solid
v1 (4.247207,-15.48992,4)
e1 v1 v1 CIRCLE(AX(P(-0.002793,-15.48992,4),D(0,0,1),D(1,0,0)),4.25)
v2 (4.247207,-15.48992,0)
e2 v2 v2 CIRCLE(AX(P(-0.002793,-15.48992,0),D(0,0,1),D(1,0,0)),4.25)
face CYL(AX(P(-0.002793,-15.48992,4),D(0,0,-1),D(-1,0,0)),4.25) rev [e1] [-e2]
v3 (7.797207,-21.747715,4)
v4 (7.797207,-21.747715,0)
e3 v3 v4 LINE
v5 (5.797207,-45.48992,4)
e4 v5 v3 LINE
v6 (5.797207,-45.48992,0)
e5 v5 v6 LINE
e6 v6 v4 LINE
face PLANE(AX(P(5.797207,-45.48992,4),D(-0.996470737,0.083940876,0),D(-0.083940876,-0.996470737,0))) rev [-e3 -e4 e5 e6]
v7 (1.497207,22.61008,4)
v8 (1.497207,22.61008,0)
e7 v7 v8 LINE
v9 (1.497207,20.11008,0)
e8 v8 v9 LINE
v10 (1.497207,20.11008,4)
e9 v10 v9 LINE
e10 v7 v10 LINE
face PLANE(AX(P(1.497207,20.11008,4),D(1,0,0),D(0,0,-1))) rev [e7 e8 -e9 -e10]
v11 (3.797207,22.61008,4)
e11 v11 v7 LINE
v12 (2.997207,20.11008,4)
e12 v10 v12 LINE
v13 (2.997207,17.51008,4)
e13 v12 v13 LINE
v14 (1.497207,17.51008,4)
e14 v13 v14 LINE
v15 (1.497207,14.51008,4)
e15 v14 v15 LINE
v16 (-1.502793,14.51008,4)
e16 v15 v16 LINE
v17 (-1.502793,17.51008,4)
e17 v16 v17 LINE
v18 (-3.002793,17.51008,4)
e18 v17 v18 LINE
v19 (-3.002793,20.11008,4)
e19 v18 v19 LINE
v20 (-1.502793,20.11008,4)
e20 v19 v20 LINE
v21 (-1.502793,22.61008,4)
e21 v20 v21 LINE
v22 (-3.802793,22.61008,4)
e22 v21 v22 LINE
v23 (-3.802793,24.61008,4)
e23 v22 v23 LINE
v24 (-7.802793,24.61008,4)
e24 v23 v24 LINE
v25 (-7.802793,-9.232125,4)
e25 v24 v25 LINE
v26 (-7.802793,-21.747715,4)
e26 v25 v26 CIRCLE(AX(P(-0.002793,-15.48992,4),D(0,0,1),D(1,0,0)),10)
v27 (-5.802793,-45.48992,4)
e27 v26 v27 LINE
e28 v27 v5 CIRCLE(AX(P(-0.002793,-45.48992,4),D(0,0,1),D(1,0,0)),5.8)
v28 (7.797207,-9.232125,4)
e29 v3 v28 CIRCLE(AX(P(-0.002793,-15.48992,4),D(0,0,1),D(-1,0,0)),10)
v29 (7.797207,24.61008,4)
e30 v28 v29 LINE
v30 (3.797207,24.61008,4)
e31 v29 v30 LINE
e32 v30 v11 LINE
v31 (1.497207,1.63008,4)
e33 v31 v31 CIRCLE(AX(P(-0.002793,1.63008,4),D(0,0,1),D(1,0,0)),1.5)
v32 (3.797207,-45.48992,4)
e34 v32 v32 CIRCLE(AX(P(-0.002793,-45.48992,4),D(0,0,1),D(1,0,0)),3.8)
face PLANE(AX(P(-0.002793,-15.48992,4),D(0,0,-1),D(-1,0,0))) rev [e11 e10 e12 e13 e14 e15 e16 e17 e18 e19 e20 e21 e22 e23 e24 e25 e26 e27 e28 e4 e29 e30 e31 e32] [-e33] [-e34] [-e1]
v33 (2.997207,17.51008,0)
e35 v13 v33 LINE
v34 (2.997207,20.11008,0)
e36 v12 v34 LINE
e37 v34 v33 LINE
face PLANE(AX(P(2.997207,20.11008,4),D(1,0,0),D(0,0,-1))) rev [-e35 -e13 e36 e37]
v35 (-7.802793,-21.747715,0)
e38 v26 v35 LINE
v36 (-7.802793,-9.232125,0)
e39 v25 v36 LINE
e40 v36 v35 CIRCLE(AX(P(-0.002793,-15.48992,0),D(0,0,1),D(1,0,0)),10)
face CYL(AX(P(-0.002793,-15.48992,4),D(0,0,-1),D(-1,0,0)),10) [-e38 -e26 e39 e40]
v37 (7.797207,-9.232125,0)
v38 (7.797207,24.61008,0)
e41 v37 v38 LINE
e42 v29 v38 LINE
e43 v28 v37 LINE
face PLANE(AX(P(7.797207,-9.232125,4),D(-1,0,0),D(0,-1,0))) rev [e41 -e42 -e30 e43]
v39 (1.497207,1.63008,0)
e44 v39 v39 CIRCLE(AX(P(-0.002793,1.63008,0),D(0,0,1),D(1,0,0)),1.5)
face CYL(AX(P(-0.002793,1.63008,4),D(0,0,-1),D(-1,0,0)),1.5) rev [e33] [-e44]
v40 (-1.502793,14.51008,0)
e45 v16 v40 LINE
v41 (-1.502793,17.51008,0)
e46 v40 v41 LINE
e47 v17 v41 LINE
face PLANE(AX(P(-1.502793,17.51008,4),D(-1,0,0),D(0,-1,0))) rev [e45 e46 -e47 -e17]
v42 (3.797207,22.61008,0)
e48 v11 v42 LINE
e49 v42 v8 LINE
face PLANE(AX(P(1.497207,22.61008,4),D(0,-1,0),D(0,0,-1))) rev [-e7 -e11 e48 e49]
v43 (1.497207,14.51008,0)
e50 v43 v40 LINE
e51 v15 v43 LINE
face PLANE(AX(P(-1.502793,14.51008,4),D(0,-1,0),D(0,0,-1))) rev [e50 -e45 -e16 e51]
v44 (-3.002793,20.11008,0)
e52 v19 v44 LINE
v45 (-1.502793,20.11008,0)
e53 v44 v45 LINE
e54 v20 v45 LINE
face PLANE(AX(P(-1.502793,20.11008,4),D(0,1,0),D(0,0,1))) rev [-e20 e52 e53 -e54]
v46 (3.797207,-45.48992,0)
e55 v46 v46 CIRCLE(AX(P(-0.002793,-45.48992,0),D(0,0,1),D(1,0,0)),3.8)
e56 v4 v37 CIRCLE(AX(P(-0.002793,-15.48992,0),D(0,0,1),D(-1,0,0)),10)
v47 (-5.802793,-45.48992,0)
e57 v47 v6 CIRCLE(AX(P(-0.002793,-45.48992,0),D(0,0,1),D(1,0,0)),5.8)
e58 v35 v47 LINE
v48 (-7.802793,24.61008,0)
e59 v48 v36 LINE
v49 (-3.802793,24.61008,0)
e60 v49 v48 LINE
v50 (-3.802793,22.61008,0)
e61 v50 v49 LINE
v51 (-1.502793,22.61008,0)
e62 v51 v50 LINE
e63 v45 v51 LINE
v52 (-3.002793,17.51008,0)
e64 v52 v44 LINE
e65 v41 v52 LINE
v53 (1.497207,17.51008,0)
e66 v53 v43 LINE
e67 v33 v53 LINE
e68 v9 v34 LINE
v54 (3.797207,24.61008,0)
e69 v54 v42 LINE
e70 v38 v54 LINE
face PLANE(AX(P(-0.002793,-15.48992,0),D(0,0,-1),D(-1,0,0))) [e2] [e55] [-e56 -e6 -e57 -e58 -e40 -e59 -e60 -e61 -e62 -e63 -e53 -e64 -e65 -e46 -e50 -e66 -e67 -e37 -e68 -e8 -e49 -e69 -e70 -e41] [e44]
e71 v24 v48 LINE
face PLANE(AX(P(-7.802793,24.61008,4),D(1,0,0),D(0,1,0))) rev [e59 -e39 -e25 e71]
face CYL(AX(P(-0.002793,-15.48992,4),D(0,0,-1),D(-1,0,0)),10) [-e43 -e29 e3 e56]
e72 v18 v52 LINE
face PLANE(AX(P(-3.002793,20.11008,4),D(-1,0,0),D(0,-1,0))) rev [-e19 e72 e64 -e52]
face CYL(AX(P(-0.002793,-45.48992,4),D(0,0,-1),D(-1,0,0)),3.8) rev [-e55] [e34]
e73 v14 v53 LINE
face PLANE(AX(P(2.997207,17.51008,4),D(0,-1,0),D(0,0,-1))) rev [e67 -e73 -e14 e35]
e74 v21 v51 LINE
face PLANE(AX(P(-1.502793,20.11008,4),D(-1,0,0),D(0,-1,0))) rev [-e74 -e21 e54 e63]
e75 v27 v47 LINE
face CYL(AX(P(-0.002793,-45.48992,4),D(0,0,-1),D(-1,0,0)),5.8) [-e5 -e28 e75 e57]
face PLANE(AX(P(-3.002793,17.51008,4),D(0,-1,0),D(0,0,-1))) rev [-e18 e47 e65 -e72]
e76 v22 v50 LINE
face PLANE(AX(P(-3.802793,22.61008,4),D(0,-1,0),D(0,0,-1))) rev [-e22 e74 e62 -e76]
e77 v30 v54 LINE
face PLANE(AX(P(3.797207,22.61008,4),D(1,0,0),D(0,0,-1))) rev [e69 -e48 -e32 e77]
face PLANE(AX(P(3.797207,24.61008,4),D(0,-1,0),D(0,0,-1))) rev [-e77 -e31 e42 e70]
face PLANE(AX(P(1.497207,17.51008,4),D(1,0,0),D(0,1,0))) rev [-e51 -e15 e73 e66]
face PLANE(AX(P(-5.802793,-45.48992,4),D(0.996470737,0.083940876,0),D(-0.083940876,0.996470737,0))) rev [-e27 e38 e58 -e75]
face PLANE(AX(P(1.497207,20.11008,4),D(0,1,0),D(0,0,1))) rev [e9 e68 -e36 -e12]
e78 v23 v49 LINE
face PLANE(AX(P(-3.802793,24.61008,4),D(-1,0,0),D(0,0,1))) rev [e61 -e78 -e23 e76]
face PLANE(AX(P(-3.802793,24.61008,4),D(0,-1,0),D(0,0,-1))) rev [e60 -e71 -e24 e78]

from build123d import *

# Parameters (mm, degrees)
SKETCH_1_R      = 4.25
SKETCH_1_R_2    = 3.8
SKETCH_1_R_3    = 1.5
EXTRUDE_1_DEPTH = 4


with BuildPart() as part:
    # 草图1 → 凸台-拉伸1 (new body)
    with BuildSketch(Plane.XY):
        with BuildLine():
            Line((1.497207067, 22.610079684), (3.797207067, 22.610079684))
            Line((3.797207067, 22.610079684), (3.797207067, 24.610079684))
            Line((3.797207067, 24.610079684), (7.797207067, 24.610079684))
            Line((7.797207067, 24.610079684), (7.797207067, -9.232125177))
            ThreePointArc((7.797207067, -9.232125177), (9.997207067, -15.489920316), (7.797207067, -21.747715455))
            Line((7.797207067, -21.747715455), (5.797207067, -45.489920316))
            ThreePointArc((5.797207067, -45.489920316), (-0.002792933, -51.289920316), (-5.802792933, -45.489920316))
            Line((-5.802792933, -45.489920316), (-7.802792933, -21.747715455))
            ThreePointArc((-7.802792933, -21.747715455), (-10.002792933, -15.489920316), (-7.802792933, -9.232125177))
            Line((-7.802792933, -9.232125177), (-7.802792933, 24.610079684))
            Line((-7.802792933, 24.610079684), (-3.802792933, 24.610079684))
            Line((-3.802792933, 24.610079684), (-3.802792933, 22.610079684))
            Line((-3.802792933, 22.610079684), (-1.502792933, 22.610079684))
            Line((-1.502792933, 22.610079684), (-1.502792933, 20.110079684))
            Line((-1.502792933, 20.110079684), (-3.002792933, 20.110079684))
            Line((-3.002792933, 20.110079684), (-3.002792933, 17.510079684))
            Line((-3.002792933, 17.510079684), (-1.502792933, 17.510079684))
            Line((-1.502792933, 17.510079684), (-1.502792933, 14.510079684))
            Line((-1.502792933, 14.510079684), (1.497207067, 14.510079684))
            Line((1.497207067, 14.510079684), (1.497207067, 17.510079684))
            Line((1.497207067, 17.510079684), (2.997207067, 17.510079684))
            Line((2.997207067, 17.510079684), (2.997207067, 20.110079684))
            Line((2.997207067, 20.110079684), (1.497207067, 20.110079684))
            Line((1.497207067, 20.110079684), (1.497207067, 22.610079684))
        make_face()
        with Locations((-0.002792933, -15.489920316)):
            Circle(SKETCH_1_R, mode=Mode.SUBTRACT)
        with Locations((-0.002792933, -45.489920316)):
            Circle(SKETCH_1_R_2, mode=Mode.SUBTRACT)
        with Locations((-0.002792933, 1.630079684)):
            Circle(SKETCH_1_R_3, mode=Mode.SUBTRACT)
    extrude(amount=EXTRUDE_1_DEPTH)


solid = part.part
